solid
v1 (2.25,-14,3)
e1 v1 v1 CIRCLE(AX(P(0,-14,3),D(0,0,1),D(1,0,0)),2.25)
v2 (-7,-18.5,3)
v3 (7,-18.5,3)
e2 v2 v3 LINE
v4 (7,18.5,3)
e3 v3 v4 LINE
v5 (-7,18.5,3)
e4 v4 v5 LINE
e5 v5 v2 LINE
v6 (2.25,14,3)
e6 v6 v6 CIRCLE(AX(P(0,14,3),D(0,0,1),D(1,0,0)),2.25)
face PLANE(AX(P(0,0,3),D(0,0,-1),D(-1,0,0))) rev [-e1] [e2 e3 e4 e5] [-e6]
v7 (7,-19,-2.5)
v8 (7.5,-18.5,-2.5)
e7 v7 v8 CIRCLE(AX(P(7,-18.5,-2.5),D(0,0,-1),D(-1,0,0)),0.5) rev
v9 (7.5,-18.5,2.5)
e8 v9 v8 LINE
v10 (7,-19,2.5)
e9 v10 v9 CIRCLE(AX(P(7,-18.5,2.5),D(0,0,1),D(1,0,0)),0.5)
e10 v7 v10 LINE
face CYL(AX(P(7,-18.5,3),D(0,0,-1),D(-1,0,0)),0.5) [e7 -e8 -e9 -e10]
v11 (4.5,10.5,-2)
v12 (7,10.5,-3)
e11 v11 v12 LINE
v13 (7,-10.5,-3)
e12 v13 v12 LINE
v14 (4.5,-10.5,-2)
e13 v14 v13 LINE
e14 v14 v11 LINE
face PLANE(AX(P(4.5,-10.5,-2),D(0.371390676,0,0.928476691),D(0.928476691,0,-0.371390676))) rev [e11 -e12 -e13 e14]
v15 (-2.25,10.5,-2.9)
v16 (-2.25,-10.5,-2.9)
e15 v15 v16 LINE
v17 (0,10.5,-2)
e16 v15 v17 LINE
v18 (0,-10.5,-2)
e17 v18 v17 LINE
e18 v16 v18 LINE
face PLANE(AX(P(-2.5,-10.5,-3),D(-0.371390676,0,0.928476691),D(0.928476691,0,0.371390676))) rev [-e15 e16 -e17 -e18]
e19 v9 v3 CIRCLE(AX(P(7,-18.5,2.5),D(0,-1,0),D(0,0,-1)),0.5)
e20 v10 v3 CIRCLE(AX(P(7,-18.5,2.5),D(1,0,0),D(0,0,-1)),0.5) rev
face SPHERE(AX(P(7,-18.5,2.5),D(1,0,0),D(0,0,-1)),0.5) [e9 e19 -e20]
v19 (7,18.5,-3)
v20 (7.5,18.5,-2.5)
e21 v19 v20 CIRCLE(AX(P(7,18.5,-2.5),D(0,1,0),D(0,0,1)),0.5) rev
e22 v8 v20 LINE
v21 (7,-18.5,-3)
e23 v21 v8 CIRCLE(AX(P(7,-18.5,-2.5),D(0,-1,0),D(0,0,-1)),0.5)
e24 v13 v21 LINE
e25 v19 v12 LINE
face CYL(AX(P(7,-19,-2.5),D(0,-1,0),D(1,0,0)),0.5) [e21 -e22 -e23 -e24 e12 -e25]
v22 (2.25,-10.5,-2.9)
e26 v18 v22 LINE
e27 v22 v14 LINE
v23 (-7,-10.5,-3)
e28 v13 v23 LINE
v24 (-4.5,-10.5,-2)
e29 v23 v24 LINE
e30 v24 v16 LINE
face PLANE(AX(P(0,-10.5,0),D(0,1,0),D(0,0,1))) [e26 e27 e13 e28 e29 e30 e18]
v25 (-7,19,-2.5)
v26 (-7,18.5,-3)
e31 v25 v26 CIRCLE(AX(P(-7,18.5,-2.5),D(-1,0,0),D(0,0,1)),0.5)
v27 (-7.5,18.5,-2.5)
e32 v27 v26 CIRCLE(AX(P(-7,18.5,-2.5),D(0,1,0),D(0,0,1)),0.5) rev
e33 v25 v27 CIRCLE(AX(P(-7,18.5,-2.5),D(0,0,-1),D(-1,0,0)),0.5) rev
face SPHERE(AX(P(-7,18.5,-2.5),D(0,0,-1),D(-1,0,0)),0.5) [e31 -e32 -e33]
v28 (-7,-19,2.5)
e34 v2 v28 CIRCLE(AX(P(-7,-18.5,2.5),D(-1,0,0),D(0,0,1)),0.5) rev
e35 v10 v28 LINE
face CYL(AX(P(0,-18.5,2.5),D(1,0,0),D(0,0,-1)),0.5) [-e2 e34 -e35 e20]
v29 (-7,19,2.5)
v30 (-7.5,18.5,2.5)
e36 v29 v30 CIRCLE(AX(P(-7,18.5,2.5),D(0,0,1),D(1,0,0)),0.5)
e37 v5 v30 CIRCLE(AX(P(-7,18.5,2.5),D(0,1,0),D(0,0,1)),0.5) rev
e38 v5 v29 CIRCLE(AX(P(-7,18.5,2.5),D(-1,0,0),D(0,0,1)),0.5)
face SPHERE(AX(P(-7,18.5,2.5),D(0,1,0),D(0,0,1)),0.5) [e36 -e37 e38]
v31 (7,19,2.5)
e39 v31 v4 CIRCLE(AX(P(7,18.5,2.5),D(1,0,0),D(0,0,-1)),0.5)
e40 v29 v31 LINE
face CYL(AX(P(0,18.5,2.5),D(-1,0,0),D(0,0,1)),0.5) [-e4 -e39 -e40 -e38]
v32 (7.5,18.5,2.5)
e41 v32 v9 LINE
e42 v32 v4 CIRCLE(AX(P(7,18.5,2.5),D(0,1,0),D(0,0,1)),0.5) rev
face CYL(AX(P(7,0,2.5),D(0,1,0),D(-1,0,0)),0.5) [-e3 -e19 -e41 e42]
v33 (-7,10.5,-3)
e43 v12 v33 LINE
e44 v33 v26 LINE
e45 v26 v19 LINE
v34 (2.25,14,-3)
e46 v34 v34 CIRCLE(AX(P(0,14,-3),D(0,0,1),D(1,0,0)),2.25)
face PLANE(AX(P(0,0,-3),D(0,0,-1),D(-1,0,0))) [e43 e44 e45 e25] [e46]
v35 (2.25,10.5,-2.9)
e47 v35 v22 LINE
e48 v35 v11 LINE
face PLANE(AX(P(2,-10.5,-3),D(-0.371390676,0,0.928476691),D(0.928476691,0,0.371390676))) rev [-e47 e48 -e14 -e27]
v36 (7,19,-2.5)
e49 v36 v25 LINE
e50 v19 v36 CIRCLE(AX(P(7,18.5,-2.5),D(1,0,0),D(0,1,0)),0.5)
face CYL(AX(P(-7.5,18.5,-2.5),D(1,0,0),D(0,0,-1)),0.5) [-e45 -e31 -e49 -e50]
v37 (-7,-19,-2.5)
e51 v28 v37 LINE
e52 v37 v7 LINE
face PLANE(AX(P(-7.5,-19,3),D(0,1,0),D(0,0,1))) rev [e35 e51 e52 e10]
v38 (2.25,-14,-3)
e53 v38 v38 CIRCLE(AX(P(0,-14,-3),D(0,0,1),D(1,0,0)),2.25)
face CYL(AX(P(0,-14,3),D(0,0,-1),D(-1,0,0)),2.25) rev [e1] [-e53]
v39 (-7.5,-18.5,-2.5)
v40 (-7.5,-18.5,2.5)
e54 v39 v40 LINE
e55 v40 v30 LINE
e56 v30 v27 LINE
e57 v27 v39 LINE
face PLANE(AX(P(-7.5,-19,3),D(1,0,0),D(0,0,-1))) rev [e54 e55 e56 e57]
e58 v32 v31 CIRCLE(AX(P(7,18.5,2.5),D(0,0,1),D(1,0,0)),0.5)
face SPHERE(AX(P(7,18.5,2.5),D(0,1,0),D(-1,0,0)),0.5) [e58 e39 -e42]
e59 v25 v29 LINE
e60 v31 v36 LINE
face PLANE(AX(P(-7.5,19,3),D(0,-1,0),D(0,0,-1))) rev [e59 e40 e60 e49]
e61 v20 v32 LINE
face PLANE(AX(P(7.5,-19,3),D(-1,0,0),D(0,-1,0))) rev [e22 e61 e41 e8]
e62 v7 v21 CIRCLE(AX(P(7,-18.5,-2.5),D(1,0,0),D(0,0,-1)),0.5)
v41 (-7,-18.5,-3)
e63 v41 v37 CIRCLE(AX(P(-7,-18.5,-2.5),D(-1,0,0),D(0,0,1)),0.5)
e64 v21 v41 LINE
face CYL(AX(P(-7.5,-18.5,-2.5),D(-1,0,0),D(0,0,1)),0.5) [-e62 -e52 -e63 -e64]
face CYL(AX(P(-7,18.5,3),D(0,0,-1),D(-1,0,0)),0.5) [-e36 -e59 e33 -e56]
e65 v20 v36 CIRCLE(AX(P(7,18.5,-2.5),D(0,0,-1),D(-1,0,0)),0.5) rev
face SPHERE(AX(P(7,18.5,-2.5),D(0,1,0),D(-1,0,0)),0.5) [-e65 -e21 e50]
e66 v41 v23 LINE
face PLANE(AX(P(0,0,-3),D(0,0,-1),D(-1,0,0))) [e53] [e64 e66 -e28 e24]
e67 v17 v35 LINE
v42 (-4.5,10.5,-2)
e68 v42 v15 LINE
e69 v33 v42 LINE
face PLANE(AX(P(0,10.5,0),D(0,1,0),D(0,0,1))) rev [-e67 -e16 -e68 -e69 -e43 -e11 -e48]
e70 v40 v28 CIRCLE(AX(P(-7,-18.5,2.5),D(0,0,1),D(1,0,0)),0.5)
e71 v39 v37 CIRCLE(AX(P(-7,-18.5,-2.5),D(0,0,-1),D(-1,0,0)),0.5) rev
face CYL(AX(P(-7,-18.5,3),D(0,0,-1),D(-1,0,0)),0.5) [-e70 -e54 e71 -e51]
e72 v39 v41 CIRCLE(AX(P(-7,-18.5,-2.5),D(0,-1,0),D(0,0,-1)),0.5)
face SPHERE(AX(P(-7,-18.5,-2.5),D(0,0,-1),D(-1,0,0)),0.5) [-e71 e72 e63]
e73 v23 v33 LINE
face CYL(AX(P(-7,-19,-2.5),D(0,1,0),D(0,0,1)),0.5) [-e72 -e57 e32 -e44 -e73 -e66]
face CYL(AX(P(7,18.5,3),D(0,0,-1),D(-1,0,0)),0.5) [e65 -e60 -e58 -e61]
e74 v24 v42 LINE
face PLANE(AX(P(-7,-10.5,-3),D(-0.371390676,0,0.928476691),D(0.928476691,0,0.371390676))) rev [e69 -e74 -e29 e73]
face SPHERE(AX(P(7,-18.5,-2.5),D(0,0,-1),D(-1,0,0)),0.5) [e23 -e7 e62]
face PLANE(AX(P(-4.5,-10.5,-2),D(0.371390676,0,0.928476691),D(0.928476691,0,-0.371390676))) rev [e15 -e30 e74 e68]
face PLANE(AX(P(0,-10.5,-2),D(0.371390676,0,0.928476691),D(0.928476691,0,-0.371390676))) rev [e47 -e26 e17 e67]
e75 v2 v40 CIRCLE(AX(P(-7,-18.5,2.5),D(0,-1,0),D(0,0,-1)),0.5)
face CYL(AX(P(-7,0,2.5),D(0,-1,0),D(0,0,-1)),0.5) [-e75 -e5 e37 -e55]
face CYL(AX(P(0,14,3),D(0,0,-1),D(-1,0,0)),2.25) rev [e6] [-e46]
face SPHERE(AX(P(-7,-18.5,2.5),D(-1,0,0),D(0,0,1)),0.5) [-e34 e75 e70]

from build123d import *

# Parameters (mm, degrees)
SKETCH_1_W             = 15
SKETCH_1_H             = 38
SKETCH_1_R             = 2.25
EXTRUDE_1_DEPTH        = 3
FILLET_1_R             = 0.5
CUT_EXTRUDE_1_DEPTH    = 10.5
PATTERN_LINEAR_1_COUNT = 3
PATTERN_LINEAR_1_PITCH = 4.5


with BuildPart() as part:
    # 草图1 → 凸台-拉伸1 (new, symmetric)
    with BuildSketch(Plane.XY):
        Rectangle(SKETCH_1_W, SKETCH_1_H)
        with Locations((0, 14)):
            Circle(SKETCH_1_R, mode=Mode.SUBTRACT)
        with Locations((0, -14)):
            Circle(SKETCH_1_R, mode=Mode.SUBTRACT)
    extrude(amount=EXTRUDE_1_DEPTH, both=True)

    # 圆角1
    fillet_1_edges = [part.edges().sort_by_distance(p)[0] for p in [
        (-7.5, 0, 3),
        (0, -19, 3),
        (7.5, 0, 3),
        (0, -19, -3),
        (-7.5, 0, -3),
        (0, 19, -3),
        (7.5, 0, -3),
        (7.5, -19, 0),
        (-7.5, -19, 0),
        (-7.5, 19, 0),
        (7.5, 19, 0),
        (0, 19, 3),
    ]]
    fillet(fillet_1_edges, radius=FILLET_1_R)

    # 草图2 → 切除-拉伸1 (cut, symmetric)
    with BuildSketch(Plane(origin=(0, 0, 0), x_dir=(1, 0, 0), z_dir=(0, 1, 0))):
        Polygon((-7, 3), (-4.5, 2), (-2, 3), align=None)
    cut_extrude_1 = extrude(amount=CUT_EXTRUDE_1_DEPTH, both=True, mode=Mode.SUBTRACT)

    # 阵列(线性)1: 切除-拉伸1 ×3
    with Locations(*[(i * PATTERN_LINEAR_1_PITCH, 0, 0) for i in range(1, PATTERN_LINEAR_1_COUNT)]):
        add(cut_extrude_1, mode=Mode.SUBTRACT)


solid = part.part
